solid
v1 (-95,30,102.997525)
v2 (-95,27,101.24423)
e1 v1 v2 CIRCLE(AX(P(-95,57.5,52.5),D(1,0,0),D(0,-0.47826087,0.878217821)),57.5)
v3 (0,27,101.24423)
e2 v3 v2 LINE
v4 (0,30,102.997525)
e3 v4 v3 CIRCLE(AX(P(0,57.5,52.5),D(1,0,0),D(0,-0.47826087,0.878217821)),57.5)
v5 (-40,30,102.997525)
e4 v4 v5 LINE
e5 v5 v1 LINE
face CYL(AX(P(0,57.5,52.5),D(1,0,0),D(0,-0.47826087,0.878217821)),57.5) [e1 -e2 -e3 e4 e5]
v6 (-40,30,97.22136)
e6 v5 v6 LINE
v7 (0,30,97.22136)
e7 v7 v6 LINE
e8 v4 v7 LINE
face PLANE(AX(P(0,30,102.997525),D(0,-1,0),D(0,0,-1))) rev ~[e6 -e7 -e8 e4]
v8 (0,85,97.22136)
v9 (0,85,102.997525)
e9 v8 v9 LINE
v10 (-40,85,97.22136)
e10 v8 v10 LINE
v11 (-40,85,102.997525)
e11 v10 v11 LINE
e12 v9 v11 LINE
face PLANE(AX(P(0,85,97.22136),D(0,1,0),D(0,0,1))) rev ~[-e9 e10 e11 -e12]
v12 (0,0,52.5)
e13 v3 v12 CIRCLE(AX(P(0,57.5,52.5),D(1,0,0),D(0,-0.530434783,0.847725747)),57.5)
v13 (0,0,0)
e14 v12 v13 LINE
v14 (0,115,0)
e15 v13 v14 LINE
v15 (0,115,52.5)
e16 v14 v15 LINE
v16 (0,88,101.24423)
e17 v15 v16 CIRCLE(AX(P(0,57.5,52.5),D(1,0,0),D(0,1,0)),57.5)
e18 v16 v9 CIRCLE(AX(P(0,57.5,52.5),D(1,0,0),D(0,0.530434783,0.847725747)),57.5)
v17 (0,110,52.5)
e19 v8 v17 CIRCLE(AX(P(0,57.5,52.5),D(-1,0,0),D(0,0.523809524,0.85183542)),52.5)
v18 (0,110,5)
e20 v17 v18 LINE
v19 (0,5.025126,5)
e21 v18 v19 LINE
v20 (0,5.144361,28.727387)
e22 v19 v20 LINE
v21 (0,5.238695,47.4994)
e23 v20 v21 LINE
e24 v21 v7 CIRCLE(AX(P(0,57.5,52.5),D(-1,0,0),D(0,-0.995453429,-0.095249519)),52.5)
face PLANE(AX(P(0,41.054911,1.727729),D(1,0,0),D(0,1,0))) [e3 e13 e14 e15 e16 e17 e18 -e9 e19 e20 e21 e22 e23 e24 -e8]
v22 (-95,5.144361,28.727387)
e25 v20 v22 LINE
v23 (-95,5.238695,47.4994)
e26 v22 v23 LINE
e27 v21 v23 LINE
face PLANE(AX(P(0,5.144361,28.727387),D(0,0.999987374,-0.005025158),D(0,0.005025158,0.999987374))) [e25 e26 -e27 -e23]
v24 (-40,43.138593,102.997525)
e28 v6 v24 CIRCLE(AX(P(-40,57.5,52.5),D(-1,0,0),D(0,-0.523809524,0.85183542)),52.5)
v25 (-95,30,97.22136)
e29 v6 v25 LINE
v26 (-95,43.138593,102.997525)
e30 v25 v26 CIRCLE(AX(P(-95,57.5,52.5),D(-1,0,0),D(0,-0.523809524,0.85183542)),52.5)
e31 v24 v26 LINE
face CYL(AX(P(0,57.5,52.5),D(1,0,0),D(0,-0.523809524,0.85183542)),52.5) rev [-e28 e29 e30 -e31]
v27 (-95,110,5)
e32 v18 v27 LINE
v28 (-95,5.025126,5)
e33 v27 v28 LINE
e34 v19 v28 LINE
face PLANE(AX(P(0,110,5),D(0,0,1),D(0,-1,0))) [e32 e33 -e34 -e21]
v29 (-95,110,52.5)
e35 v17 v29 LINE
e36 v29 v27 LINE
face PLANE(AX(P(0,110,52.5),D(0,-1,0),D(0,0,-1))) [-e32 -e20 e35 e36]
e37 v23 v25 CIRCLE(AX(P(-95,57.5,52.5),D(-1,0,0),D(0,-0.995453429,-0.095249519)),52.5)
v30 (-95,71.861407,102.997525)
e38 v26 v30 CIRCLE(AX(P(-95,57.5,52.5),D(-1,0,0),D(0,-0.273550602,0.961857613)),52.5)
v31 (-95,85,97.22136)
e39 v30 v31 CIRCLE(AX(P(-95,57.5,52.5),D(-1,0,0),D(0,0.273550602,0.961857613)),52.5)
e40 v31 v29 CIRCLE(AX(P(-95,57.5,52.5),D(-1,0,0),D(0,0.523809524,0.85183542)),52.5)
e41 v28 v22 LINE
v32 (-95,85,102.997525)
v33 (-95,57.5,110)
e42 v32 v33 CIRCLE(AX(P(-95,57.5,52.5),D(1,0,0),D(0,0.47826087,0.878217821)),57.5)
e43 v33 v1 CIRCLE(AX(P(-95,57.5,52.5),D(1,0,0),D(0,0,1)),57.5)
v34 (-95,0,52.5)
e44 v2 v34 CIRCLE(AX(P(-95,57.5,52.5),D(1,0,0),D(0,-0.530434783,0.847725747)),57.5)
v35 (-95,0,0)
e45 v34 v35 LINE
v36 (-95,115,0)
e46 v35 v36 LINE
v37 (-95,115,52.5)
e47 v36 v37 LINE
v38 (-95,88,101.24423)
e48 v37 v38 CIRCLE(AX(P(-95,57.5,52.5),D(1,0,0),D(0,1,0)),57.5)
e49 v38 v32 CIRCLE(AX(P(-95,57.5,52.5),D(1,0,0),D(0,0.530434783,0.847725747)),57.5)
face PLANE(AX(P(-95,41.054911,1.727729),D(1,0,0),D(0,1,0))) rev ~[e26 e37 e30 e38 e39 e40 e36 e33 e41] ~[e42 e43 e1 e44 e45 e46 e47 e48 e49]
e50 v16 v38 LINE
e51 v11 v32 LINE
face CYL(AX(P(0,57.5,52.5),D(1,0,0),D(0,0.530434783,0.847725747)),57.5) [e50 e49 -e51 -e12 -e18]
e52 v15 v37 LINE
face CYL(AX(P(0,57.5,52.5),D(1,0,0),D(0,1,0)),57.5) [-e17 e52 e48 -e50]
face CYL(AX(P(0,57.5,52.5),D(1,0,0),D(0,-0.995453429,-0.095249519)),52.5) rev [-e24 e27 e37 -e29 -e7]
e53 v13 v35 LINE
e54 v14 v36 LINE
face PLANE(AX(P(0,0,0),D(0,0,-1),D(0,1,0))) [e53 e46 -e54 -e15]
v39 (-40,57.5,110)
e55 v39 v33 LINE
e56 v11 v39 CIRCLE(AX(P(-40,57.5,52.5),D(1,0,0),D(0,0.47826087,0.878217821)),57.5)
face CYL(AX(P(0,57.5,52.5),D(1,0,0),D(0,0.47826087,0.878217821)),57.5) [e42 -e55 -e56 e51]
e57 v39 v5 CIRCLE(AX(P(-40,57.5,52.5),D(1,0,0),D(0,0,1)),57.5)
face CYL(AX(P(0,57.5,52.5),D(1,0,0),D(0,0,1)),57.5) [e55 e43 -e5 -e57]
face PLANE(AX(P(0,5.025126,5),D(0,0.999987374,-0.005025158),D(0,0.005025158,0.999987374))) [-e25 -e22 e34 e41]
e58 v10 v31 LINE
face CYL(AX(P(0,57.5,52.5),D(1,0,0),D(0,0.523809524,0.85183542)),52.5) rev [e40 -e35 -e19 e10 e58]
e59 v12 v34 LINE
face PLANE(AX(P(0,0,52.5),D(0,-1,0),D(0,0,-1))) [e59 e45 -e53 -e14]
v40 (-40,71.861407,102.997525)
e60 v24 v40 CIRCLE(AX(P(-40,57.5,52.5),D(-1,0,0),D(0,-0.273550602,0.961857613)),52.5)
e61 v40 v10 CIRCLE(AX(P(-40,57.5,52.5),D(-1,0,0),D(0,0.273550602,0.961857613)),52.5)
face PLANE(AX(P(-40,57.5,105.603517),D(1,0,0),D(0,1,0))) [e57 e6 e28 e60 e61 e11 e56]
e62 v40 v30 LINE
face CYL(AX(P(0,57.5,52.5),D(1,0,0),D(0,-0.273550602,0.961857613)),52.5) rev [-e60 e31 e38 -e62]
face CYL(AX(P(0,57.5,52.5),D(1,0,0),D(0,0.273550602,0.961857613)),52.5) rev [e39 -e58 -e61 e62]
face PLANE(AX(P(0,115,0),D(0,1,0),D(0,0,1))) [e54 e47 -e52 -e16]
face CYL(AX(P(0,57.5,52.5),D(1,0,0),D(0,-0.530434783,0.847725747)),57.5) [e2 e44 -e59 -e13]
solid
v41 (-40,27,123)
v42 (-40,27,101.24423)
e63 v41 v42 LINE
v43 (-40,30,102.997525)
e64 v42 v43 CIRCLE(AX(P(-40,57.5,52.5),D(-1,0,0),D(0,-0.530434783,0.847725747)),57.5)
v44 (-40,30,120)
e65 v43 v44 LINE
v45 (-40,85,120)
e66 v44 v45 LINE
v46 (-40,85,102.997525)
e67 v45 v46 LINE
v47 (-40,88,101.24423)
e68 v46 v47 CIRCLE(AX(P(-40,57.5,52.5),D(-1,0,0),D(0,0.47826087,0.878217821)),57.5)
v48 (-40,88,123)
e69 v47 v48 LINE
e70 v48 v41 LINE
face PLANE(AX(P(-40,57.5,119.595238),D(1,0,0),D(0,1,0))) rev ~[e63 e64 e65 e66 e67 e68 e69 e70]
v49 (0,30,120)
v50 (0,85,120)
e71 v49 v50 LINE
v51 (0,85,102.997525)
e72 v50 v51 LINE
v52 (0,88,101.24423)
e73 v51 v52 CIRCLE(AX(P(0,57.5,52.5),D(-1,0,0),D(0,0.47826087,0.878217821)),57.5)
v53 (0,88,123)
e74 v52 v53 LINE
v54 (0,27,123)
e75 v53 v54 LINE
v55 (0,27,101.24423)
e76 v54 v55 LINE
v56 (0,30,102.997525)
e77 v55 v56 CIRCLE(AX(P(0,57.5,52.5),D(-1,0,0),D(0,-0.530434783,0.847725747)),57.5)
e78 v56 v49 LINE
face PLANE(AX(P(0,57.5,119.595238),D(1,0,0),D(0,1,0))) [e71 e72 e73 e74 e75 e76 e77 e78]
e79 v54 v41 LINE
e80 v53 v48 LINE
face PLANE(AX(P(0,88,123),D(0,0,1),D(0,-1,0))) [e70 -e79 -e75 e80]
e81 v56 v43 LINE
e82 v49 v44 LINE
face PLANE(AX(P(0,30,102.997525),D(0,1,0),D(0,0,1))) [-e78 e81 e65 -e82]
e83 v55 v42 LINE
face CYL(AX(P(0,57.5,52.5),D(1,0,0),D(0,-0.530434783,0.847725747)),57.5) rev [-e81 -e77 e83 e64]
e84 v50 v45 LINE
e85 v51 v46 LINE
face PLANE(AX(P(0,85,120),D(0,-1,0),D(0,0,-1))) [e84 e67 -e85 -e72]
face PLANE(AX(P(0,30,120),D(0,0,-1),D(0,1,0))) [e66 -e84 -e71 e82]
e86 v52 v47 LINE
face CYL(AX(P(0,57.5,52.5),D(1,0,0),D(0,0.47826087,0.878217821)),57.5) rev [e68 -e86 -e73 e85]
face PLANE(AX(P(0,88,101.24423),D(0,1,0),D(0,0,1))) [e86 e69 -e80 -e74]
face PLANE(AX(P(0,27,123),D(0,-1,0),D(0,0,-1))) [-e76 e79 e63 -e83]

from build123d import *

# Parameters (mm, degrees)
F0_W     = 5
F0_H     = 5
F1_DEPTH = 95
F2_DEPTH = 40
F3_DEPTH = 40


with BuildPart() as f1:
    # F0 (on Right) → F1 (new body)
    with BuildSketch(Plane.YZ):
        with BuildLine():
            ThreePointArc((25.096296508, 5), (29.4604368108, 2.3000707554), (34.0479212009, 0))
            Line((34.0479212009, 0), (57.5, 0))
            ThreePointArc((57.5, 0), (46.0435607626, 1.2652461702), (35.139320225, 5))
            Line((35.139320225, 5), (25.096296508, 5))
        make_face()
        with Locations((112.5, 2.5)):
            Rectangle(F0_W, F0_H)
        with BuildLine():
            Line((5.0251261048, 5), (5, 0))
            Line((5, 0), (34.0479212009, 0))
            ThreePointArc((34.0479212009, 0), (29.4604368108, 2.3000707554), (25.096296508, 5))
            Line((25.096296508, 5), (5.0251261048, 5))
        make_face()
        with BuildLine():
            ThreePointArc((79.860679775, 5), (68.9564392374, 1.2652461702), (57.5, 0))
            Line((57.5, 0), (80.9520787991, 0))
            ThreePointArc((80.9520787991, 0), (85.5395631892, 2.3000707554), (89.903703492, 5))
            Line((89.903703492, 5), (79.860679775, 5))
        make_face()
        with BuildLine():
            ThreePointArc((89.903703492, 5), (85.5395631892, 2.3000707554), (80.9520787991, 0))
            Line((80.9520787991, 0), (110, 0))
            Line((110, 0), (110, 5))
            Line((110, 5), (89.903703492, 5))
        make_face()
        with BuildLine():
            Line((110, 29.0479212009), (110, 5))
            Line((110, 5), (115, 5))
            Line((115, 5), (115, 52.5))
            ThreePointArc((115, 52.5), (113.736109396, 40.5104211917), (110, 29.0479212009))
        make_face()
        with BuildLine():
            Line((0, 52.5), (0, 5))
            Line((0, 5), (5.0251261048, 5))
            Line((5.0251261048, 5), (5.1443614689, 28.7273873123))
            ThreePointArc((5.1443614689, 28.7273873123), (1.3008042071, 40.3385694826), (0, 52.5))
        make_face()
        Polygon((0, 5), (0, 0), (5, 0), (5.0251261048, 5), align=None)
        with BuildLine():
            ThreePointArc((35.139320225, 5), (46.0435607626, 1.2652461702), (57.5, 0))
            ThreePointArc((57.5, 0), (68.9564392374, 1.2652461702), (79.860679775, 5))
            Line((79.860679775, 5), (35.139320225, 5))
        make_face()
        with BuildLine():
            ThreePointArc((27, 101.2442304278), (7.2008946402, 80.3612634315), (0, 52.5))
            ThreePointArc((0, 52.5), (1.3008042071, 40.3385694826), (5.1443614689, 28.7273873123))
            Line((5.1443614689, 28.7273873123), (5.2386949818, 47.4994002563))
            ThreePointArc((5.2386949818, 47.4994002563), (10.5049496909, 75.9033169967), (30, 97.22135955))
            Line((30, 97.22135955), (30, 102.9975246918))
            ThreePointArc((30, 102.9975246918), (28.4867528499, 102.1435442913), (27, 101.2442304278))
        make_face()
        with BuildLine():
            ThreePointArc((85, 97.22135955), (103.3257569496, 78.1173769149), (110, 52.5))
            Line((110, 52.5), (110, 29.0479212009))
            ThreePointArc((110, 29.0479212009), (113.736109396, 40.5104211917), (115, 52.5))
            ThreePointArc((115, 52.5), (107.7991053598, 80.3612634315), (88, 101.2442304278))
            ThreePointArc((88, 101.2442304278), (86.5132471501, 102.1435442913), (85, 102.9975246918))
            Line((85, 102.9975246918), (85, 97.22135955))
        make_face()
        with BuildLine():
            ThreePointArc((57.5, 110), (43.311231022, 108.2218882926), (30, 102.9975246918))
            Line((30, 102.9975246918), (43.1385933837, 102.9975246918))
            ThreePointArc((43.1385933837, 102.9975246918), (57.5, 105), (71.8614066163, 102.9975246918))
            Line((71.8614066163, 102.9975246918), (85, 102.9975246918))
            ThreePointArc((85, 102.9975246918), (71.688768978, 108.2218882926), (57.5, 110))
        make_face()
        with BuildLine():
            Line((43.1385933837, 102.9975246918), (30, 102.9975246918))
            Line((30, 102.9975246918), (30, 97.22135955))
            ThreePointArc((30, 97.22135955), (36.3709829403, 100.5605309801), (43.1385933837, 102.9975246918))
        make_face()
        with BuildLine():
            ThreePointArc((71.8614066163, 102.9975246918), (78.6290170597, 100.5605309801), (85, 97.22135955))
            Line((85, 97.22135955), (85, 102.9975246918))
            Line((85, 102.9975246918), (71.8614066163, 102.9975246918))
        make_face()
    extrude(amount=-F1_DEPTH)

    # F0 (on Right) → F3 (cut)
    with BuildSketch(Plane.YZ):
        with BuildLine():
            ThreePointArc((57.5, 110), (43.311231022, 108.2218882926), (30, 102.9975246918))
            Line((30, 102.9975246918), (43.1385933837, 102.9975246918))
            ThreePointArc((43.1385933837, 102.9975246918), (57.5, 105), (71.8614066163, 102.9975246918))
            Line((71.8614066163, 102.9975246918), (85, 102.9975246918))
            ThreePointArc((85, 102.9975246918), (71.688768978, 108.2218882926), (57.5, 110))
        make_face()
        with BuildLine():
            Line((43.1385933837, 102.9975246918), (30, 102.9975246918))
            Line((30, 102.9975246918), (30, 97.22135955))
            ThreePointArc((30, 97.22135955), (36.3709829403, 100.5605309801), (43.1385933837, 102.9975246918))
        make_face()
        with BuildLine():
            ThreePointArc((71.8614066163, 102.9975246918), (78.6290170597, 100.5605309801), (85, 97.22135955))
            Line((85, 97.22135955), (85, 102.9975246918))
            Line((85, 102.9975246918), (71.8614066163, 102.9975246918))
        make_face()
    extrude(amount=-F3_DEPTH, mode=Mode.SUBTRACT)


with BuildPart() as f2:
    # F0 (on Right) → F2 (new body)
    with BuildSketch(Plane.YZ):
        Polygon((27, 123), (27, 110), (30, 110), (30, 120), (85, 120), (85, 110), (88, 110), (88, 123), align=None)
        with BuildLine():
            Line((27, 110), (27, 101.2442304278))
            ThreePointArc((27, 101.2442304278), (28.4867528499, 102.1435442913), (30, 102.9975246918))
            Line((30, 102.9975246918), (30, 110))
            Line((30, 110), (27, 110))
        make_face()
        with BuildLine():
            Line((88, 110), (85, 110))
            Line((85, 110), (85, 102.9975246918))
            ThreePointArc((85, 102.9975246918), (86.5132471501, 102.1435442913), (88, 101.2442304278))
            Line((88, 101.2442304278), (88, 110))
        make_face()
    extrude(amount=-F2_DEPTH)


solid = Compound([f1.part, f2.part])
